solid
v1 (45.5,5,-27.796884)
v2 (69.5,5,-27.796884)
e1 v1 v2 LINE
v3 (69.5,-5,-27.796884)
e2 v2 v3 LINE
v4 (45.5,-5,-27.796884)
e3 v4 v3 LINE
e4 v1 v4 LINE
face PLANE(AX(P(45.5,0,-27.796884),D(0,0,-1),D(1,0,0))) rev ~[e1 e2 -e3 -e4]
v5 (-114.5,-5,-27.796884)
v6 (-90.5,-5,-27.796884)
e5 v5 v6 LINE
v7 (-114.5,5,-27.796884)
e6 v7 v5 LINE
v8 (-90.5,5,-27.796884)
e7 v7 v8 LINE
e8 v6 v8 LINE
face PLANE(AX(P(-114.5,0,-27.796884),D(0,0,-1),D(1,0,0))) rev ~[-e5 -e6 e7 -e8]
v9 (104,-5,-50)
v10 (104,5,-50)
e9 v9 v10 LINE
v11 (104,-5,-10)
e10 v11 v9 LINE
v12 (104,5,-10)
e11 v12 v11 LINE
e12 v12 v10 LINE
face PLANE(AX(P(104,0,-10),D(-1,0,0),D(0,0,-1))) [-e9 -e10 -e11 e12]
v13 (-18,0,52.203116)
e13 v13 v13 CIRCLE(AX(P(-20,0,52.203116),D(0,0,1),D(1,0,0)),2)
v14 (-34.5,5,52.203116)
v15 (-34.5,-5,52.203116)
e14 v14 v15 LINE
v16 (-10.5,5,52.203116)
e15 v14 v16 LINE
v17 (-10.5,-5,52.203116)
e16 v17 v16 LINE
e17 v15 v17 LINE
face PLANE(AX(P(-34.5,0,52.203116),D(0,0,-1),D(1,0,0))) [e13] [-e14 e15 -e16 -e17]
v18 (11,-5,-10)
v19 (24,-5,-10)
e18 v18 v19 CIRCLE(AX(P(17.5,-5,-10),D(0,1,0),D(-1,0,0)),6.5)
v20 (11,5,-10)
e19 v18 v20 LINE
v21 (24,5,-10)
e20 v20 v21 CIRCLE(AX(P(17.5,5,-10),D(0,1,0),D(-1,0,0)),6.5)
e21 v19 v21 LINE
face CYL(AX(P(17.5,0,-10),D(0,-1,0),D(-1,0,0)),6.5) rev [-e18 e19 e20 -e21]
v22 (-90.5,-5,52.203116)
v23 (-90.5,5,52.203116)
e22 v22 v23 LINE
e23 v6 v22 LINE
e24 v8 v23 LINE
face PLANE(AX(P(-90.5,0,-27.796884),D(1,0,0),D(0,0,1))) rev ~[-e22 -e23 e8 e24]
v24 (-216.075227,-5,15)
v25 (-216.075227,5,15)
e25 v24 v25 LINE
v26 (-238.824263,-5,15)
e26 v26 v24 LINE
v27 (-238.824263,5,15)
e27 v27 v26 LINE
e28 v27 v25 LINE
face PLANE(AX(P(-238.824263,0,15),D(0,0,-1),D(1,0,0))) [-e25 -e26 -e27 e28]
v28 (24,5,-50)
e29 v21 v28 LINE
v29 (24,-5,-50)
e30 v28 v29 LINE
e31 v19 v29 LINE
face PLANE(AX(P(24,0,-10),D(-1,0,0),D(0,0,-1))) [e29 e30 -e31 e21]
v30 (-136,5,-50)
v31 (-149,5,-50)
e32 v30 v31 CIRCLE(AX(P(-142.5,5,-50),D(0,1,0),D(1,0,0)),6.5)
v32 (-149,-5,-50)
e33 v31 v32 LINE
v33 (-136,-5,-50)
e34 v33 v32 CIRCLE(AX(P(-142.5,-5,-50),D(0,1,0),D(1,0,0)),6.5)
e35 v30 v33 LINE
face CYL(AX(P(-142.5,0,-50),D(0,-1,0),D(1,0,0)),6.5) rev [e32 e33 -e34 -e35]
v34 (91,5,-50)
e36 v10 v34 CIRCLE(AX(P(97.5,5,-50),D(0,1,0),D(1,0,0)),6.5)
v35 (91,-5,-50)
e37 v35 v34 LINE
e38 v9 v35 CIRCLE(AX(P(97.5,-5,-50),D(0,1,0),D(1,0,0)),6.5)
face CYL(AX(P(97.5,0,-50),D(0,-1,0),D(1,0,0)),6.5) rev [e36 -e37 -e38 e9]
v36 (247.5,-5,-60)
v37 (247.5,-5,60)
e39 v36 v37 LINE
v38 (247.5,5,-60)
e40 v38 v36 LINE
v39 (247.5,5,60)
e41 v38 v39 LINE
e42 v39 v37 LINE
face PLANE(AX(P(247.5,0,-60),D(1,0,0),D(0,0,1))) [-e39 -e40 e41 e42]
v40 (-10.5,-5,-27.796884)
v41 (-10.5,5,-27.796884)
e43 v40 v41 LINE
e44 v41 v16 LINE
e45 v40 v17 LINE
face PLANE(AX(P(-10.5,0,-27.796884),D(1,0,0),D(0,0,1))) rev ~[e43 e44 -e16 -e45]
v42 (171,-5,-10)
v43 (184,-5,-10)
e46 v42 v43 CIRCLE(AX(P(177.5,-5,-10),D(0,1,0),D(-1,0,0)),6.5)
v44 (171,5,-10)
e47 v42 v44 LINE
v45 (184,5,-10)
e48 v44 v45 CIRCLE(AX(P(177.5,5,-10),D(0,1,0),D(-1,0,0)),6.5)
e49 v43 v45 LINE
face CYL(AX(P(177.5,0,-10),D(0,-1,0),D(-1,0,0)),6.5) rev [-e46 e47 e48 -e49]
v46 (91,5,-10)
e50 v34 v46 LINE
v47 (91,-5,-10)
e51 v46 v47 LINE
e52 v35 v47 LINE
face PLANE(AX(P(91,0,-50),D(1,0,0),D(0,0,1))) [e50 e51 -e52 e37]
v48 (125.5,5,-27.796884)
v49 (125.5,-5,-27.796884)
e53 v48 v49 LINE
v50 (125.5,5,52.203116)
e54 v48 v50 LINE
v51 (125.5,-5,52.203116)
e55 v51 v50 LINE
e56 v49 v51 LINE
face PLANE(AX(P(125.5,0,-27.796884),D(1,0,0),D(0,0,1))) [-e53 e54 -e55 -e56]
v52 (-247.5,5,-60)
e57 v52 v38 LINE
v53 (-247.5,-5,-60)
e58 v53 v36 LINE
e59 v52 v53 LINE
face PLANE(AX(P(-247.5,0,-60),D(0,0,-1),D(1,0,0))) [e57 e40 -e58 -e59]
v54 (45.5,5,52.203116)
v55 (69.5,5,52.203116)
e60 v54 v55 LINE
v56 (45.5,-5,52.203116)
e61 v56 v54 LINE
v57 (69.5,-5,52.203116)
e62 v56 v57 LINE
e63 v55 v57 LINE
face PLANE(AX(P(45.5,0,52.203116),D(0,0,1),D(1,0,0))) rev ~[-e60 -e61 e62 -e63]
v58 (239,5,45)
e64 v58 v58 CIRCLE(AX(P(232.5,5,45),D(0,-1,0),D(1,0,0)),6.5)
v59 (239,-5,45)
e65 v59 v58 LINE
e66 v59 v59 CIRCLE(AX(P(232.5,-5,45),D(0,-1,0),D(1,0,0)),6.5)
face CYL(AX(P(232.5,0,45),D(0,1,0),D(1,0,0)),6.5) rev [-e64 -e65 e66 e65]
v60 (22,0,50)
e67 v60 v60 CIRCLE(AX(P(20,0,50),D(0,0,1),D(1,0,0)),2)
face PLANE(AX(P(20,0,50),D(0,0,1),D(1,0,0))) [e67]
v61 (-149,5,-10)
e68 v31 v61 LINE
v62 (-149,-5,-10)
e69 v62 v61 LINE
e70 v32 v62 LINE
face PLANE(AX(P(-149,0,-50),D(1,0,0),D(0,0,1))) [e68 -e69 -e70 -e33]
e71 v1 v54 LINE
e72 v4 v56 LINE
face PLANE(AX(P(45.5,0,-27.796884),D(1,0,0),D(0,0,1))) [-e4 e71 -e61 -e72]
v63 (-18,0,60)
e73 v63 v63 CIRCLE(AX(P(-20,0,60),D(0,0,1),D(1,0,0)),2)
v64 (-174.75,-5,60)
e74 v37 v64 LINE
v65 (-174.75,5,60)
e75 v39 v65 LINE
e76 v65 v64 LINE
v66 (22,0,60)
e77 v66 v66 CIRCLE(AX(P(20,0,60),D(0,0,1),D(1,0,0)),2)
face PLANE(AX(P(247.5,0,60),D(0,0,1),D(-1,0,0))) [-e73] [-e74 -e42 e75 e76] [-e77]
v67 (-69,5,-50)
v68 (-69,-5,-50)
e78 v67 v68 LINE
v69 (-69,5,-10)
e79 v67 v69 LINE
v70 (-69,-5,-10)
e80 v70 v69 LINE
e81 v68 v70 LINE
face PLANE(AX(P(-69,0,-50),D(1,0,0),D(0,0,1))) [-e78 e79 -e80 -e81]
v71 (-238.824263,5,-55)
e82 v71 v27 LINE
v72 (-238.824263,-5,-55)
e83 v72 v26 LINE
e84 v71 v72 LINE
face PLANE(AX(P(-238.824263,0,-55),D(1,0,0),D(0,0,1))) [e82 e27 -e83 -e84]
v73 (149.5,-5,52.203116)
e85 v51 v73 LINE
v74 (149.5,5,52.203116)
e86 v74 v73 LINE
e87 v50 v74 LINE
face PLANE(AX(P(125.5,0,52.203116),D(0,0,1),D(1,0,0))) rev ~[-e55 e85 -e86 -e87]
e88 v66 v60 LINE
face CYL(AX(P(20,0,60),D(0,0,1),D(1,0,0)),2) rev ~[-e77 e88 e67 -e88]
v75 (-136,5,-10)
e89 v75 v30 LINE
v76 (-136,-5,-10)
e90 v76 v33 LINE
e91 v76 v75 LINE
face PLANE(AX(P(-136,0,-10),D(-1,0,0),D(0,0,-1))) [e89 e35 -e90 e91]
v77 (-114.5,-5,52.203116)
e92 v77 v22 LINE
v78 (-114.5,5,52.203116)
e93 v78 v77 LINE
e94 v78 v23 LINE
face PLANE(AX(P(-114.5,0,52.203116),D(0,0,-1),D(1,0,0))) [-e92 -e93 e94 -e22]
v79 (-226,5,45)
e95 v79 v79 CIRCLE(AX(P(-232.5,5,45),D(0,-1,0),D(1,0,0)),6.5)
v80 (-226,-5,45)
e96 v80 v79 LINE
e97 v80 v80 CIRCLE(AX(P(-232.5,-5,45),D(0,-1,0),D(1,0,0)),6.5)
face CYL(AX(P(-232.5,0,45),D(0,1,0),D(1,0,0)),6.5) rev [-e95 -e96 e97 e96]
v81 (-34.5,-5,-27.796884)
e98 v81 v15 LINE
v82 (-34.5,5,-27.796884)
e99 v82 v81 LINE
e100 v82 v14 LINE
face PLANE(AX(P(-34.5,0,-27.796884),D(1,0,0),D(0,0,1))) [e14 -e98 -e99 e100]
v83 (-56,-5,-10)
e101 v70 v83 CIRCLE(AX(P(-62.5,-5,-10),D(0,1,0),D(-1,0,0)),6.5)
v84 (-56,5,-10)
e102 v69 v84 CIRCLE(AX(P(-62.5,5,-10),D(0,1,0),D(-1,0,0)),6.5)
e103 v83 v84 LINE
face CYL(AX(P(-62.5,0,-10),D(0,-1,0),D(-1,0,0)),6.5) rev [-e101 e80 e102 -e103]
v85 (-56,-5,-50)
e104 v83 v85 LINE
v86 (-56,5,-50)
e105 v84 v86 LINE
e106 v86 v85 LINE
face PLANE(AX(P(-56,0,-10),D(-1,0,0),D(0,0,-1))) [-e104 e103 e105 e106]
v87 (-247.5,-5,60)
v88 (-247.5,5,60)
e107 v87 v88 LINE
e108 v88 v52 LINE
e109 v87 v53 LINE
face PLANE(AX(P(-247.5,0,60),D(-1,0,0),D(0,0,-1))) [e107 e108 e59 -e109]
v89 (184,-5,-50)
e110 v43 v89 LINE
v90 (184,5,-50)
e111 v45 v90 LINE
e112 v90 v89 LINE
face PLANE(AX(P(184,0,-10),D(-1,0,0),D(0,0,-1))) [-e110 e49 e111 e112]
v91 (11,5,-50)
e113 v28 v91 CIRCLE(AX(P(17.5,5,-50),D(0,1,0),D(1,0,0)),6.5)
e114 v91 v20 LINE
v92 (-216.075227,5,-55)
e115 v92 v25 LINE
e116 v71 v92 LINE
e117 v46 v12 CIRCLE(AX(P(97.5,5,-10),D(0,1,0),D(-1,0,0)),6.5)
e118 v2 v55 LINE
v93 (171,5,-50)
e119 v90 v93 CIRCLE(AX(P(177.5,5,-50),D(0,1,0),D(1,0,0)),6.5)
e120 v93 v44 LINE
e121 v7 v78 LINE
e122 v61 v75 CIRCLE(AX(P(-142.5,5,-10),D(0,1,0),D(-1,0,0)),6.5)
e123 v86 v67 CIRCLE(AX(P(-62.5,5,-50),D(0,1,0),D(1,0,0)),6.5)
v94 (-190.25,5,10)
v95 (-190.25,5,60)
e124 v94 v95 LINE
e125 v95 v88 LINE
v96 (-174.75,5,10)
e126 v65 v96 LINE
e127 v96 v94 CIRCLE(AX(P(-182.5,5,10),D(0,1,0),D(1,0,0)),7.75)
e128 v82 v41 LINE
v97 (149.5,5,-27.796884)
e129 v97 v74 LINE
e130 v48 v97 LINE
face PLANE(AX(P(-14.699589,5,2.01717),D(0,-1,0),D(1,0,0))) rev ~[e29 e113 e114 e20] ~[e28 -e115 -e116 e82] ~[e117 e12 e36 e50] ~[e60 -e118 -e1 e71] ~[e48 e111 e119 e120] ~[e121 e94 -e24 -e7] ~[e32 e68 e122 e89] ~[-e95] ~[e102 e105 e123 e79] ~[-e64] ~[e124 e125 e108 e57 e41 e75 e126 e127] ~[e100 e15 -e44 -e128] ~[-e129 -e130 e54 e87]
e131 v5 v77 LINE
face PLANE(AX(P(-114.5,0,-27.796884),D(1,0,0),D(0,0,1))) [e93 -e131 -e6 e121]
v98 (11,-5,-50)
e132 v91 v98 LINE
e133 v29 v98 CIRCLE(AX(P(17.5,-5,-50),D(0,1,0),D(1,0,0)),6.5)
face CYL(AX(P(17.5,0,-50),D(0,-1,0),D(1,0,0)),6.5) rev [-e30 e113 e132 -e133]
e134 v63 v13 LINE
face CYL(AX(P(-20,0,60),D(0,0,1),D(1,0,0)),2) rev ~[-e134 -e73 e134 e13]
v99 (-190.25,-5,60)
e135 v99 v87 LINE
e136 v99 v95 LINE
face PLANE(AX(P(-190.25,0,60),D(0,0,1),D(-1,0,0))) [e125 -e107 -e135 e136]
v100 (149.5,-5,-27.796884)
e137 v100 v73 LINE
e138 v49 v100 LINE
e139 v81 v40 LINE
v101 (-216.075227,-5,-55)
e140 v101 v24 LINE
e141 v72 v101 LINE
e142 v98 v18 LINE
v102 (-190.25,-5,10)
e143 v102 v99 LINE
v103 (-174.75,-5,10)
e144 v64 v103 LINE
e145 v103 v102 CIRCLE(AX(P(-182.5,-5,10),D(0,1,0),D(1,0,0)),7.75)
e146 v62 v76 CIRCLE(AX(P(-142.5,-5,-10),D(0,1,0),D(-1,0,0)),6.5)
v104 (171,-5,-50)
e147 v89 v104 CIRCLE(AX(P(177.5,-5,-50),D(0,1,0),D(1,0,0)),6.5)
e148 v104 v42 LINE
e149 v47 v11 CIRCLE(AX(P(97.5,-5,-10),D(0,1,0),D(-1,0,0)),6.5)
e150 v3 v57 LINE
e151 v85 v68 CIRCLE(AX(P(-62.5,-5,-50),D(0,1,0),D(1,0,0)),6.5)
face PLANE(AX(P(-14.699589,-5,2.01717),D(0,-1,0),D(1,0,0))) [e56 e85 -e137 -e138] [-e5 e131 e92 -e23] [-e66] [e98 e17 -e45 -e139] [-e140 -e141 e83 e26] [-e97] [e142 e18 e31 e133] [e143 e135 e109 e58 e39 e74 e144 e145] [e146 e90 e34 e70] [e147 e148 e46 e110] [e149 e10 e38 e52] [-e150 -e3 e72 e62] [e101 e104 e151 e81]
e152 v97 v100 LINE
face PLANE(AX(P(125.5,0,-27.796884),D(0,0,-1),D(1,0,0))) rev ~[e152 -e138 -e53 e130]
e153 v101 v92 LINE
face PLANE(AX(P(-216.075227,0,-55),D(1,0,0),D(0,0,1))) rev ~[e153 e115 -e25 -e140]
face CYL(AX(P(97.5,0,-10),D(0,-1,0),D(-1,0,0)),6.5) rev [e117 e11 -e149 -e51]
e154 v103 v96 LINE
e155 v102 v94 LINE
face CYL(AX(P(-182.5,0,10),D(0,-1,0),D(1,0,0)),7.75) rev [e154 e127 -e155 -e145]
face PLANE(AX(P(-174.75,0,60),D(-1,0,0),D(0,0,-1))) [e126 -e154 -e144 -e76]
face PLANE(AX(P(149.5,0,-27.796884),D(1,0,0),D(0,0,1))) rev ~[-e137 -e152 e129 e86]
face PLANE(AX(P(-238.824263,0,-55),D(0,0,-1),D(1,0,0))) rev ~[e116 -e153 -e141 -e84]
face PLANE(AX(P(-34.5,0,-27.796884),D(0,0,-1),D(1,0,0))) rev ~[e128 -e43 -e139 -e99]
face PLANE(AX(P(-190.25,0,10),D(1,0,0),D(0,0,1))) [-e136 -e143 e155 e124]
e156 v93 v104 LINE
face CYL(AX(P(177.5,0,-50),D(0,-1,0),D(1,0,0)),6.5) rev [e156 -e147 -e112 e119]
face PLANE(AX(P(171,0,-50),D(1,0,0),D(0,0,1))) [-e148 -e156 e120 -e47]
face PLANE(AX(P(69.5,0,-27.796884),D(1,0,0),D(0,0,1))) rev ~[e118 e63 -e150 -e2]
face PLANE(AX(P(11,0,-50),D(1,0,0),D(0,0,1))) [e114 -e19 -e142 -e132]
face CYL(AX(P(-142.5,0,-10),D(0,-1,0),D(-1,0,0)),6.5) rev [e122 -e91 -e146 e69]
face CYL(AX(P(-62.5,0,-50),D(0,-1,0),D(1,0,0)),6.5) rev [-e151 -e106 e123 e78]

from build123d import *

# Parameters (mm, degrees)
F0_W     = 22.749036
F0_H     = 70
F0_W_2   = 24
F0_H_2   = 80
F0_R     = 6.5
F1_DEPTH = 5
F2_R     = 2
F3_DEPTH = 10


with BuildPart() as f1:
    # F0 (on Front) → F1 (new body, symmetric)
    with BuildSketch(Plane.XZ):
        with BuildLine():
            Line((-247.5, 60), (-247.5, -60))
            Line((-247.5, -60), (247.5, -60))
            Line((247.5, -60), (247.5, 60))
            Line((247.5, 60), (-174.75, 60))
            Line((-174.75, 60), (-174.75, 10))
            ThreePointArc((-174.75, 10), (-182.5, 2.25), (-190.25, 10))
            Line((-190.25, 10), (-190.25, 60))
            Line((-190.25, 60), (-247.5, 60))
        make_face()
        with Locations((-227.449745, -20)):
            Rectangle(F0_W, F0_H, mode=Mode.SUBTRACT)
        with BuildLine():
            ThreePointArc((-136, -50), (-142.5, -56.5), (-149, -50))
            Line((-149, -50), (-149, -10))
            ThreePointArc((-149, -10), (-142.5, -3.5), (-136, -10))
            Line((-136, -10), (-136, -50))
        make_face(mode=Mode.SUBTRACT)
        with BuildLine():
            ThreePointArc((-56, -50), (-62.5, -56.5), (-69, -50))
            Line((-69, -50), (-69, -10))
            ThreePointArc((-69, -10), (-62.5, -3.5), (-56, -10))
            Line((-56, -10), (-56, -50))
        make_face(mode=Mode.SUBTRACT)
        with BuildLine():
            ThreePointArc((24, -50), (17.5, -56.5), (11, -50))
            Line((11, -50), (11, -10))
            ThreePointArc((11, -10), (17.5, -3.5), (24, -10))
            Line((24, -10), (24, -50))
        make_face(mode=Mode.SUBTRACT)
        with BuildLine():
            ThreePointArc((91, -10), (97.5, -3.5), (104, -10))
            Line((104, -10), (104, -50))
            ThreePointArc((104, -50), (97.5, -56.5), (91, -50))
            Line((91, -50), (91, -10))
        make_face(mode=Mode.SUBTRACT)
        with BuildLine():
            ThreePointArc((184, -50), (177.5, -56.5), (171, -50))
            Line((171, -50), (171, -10))
            ThreePointArc((171, -10), (177.5, -3.5), (184, -10))
            Line((184, -10), (184, -50))
        make_face(mode=Mode.SUBTRACT)
        with Locations((-102.5, 12.203116)):
            Rectangle(F0_W_2, F0_H_2, mode=Mode.SUBTRACT)
        with Locations((-22.5, 12.203116)):
            Rectangle(F0_W_2, F0_H_2, mode=Mode.SUBTRACT)
        with Locations((-232.5, 45)):
            Circle(F0_R, mode=Mode.SUBTRACT)
        with Locations((57.5, 12.203116)):
            Rectangle(F0_W_2, F0_H_2, mode=Mode.SUBTRACT)
        with Locations((137.5, 12.203116)):
            Rectangle(F0_W_2, F0_H_2, mode=Mode.SUBTRACT)
        with Locations((232.5, 45)):
            Circle(F0_R, mode=Mode.SUBTRACT)
    extrude(amount=F1_DEPTH, both=True)

    # F2 (on face) → F3 (cut)
    with BuildSketch(Plane.XY.offset(60)):
        with Locations((-20, 0)):
            Circle(F2_R)
        with Locations((20, 0)):
            Circle(F2_R)
    extrude(amount=-F3_DEPTH, mode=Mode.SUBTRACT)


solid = f1.part
